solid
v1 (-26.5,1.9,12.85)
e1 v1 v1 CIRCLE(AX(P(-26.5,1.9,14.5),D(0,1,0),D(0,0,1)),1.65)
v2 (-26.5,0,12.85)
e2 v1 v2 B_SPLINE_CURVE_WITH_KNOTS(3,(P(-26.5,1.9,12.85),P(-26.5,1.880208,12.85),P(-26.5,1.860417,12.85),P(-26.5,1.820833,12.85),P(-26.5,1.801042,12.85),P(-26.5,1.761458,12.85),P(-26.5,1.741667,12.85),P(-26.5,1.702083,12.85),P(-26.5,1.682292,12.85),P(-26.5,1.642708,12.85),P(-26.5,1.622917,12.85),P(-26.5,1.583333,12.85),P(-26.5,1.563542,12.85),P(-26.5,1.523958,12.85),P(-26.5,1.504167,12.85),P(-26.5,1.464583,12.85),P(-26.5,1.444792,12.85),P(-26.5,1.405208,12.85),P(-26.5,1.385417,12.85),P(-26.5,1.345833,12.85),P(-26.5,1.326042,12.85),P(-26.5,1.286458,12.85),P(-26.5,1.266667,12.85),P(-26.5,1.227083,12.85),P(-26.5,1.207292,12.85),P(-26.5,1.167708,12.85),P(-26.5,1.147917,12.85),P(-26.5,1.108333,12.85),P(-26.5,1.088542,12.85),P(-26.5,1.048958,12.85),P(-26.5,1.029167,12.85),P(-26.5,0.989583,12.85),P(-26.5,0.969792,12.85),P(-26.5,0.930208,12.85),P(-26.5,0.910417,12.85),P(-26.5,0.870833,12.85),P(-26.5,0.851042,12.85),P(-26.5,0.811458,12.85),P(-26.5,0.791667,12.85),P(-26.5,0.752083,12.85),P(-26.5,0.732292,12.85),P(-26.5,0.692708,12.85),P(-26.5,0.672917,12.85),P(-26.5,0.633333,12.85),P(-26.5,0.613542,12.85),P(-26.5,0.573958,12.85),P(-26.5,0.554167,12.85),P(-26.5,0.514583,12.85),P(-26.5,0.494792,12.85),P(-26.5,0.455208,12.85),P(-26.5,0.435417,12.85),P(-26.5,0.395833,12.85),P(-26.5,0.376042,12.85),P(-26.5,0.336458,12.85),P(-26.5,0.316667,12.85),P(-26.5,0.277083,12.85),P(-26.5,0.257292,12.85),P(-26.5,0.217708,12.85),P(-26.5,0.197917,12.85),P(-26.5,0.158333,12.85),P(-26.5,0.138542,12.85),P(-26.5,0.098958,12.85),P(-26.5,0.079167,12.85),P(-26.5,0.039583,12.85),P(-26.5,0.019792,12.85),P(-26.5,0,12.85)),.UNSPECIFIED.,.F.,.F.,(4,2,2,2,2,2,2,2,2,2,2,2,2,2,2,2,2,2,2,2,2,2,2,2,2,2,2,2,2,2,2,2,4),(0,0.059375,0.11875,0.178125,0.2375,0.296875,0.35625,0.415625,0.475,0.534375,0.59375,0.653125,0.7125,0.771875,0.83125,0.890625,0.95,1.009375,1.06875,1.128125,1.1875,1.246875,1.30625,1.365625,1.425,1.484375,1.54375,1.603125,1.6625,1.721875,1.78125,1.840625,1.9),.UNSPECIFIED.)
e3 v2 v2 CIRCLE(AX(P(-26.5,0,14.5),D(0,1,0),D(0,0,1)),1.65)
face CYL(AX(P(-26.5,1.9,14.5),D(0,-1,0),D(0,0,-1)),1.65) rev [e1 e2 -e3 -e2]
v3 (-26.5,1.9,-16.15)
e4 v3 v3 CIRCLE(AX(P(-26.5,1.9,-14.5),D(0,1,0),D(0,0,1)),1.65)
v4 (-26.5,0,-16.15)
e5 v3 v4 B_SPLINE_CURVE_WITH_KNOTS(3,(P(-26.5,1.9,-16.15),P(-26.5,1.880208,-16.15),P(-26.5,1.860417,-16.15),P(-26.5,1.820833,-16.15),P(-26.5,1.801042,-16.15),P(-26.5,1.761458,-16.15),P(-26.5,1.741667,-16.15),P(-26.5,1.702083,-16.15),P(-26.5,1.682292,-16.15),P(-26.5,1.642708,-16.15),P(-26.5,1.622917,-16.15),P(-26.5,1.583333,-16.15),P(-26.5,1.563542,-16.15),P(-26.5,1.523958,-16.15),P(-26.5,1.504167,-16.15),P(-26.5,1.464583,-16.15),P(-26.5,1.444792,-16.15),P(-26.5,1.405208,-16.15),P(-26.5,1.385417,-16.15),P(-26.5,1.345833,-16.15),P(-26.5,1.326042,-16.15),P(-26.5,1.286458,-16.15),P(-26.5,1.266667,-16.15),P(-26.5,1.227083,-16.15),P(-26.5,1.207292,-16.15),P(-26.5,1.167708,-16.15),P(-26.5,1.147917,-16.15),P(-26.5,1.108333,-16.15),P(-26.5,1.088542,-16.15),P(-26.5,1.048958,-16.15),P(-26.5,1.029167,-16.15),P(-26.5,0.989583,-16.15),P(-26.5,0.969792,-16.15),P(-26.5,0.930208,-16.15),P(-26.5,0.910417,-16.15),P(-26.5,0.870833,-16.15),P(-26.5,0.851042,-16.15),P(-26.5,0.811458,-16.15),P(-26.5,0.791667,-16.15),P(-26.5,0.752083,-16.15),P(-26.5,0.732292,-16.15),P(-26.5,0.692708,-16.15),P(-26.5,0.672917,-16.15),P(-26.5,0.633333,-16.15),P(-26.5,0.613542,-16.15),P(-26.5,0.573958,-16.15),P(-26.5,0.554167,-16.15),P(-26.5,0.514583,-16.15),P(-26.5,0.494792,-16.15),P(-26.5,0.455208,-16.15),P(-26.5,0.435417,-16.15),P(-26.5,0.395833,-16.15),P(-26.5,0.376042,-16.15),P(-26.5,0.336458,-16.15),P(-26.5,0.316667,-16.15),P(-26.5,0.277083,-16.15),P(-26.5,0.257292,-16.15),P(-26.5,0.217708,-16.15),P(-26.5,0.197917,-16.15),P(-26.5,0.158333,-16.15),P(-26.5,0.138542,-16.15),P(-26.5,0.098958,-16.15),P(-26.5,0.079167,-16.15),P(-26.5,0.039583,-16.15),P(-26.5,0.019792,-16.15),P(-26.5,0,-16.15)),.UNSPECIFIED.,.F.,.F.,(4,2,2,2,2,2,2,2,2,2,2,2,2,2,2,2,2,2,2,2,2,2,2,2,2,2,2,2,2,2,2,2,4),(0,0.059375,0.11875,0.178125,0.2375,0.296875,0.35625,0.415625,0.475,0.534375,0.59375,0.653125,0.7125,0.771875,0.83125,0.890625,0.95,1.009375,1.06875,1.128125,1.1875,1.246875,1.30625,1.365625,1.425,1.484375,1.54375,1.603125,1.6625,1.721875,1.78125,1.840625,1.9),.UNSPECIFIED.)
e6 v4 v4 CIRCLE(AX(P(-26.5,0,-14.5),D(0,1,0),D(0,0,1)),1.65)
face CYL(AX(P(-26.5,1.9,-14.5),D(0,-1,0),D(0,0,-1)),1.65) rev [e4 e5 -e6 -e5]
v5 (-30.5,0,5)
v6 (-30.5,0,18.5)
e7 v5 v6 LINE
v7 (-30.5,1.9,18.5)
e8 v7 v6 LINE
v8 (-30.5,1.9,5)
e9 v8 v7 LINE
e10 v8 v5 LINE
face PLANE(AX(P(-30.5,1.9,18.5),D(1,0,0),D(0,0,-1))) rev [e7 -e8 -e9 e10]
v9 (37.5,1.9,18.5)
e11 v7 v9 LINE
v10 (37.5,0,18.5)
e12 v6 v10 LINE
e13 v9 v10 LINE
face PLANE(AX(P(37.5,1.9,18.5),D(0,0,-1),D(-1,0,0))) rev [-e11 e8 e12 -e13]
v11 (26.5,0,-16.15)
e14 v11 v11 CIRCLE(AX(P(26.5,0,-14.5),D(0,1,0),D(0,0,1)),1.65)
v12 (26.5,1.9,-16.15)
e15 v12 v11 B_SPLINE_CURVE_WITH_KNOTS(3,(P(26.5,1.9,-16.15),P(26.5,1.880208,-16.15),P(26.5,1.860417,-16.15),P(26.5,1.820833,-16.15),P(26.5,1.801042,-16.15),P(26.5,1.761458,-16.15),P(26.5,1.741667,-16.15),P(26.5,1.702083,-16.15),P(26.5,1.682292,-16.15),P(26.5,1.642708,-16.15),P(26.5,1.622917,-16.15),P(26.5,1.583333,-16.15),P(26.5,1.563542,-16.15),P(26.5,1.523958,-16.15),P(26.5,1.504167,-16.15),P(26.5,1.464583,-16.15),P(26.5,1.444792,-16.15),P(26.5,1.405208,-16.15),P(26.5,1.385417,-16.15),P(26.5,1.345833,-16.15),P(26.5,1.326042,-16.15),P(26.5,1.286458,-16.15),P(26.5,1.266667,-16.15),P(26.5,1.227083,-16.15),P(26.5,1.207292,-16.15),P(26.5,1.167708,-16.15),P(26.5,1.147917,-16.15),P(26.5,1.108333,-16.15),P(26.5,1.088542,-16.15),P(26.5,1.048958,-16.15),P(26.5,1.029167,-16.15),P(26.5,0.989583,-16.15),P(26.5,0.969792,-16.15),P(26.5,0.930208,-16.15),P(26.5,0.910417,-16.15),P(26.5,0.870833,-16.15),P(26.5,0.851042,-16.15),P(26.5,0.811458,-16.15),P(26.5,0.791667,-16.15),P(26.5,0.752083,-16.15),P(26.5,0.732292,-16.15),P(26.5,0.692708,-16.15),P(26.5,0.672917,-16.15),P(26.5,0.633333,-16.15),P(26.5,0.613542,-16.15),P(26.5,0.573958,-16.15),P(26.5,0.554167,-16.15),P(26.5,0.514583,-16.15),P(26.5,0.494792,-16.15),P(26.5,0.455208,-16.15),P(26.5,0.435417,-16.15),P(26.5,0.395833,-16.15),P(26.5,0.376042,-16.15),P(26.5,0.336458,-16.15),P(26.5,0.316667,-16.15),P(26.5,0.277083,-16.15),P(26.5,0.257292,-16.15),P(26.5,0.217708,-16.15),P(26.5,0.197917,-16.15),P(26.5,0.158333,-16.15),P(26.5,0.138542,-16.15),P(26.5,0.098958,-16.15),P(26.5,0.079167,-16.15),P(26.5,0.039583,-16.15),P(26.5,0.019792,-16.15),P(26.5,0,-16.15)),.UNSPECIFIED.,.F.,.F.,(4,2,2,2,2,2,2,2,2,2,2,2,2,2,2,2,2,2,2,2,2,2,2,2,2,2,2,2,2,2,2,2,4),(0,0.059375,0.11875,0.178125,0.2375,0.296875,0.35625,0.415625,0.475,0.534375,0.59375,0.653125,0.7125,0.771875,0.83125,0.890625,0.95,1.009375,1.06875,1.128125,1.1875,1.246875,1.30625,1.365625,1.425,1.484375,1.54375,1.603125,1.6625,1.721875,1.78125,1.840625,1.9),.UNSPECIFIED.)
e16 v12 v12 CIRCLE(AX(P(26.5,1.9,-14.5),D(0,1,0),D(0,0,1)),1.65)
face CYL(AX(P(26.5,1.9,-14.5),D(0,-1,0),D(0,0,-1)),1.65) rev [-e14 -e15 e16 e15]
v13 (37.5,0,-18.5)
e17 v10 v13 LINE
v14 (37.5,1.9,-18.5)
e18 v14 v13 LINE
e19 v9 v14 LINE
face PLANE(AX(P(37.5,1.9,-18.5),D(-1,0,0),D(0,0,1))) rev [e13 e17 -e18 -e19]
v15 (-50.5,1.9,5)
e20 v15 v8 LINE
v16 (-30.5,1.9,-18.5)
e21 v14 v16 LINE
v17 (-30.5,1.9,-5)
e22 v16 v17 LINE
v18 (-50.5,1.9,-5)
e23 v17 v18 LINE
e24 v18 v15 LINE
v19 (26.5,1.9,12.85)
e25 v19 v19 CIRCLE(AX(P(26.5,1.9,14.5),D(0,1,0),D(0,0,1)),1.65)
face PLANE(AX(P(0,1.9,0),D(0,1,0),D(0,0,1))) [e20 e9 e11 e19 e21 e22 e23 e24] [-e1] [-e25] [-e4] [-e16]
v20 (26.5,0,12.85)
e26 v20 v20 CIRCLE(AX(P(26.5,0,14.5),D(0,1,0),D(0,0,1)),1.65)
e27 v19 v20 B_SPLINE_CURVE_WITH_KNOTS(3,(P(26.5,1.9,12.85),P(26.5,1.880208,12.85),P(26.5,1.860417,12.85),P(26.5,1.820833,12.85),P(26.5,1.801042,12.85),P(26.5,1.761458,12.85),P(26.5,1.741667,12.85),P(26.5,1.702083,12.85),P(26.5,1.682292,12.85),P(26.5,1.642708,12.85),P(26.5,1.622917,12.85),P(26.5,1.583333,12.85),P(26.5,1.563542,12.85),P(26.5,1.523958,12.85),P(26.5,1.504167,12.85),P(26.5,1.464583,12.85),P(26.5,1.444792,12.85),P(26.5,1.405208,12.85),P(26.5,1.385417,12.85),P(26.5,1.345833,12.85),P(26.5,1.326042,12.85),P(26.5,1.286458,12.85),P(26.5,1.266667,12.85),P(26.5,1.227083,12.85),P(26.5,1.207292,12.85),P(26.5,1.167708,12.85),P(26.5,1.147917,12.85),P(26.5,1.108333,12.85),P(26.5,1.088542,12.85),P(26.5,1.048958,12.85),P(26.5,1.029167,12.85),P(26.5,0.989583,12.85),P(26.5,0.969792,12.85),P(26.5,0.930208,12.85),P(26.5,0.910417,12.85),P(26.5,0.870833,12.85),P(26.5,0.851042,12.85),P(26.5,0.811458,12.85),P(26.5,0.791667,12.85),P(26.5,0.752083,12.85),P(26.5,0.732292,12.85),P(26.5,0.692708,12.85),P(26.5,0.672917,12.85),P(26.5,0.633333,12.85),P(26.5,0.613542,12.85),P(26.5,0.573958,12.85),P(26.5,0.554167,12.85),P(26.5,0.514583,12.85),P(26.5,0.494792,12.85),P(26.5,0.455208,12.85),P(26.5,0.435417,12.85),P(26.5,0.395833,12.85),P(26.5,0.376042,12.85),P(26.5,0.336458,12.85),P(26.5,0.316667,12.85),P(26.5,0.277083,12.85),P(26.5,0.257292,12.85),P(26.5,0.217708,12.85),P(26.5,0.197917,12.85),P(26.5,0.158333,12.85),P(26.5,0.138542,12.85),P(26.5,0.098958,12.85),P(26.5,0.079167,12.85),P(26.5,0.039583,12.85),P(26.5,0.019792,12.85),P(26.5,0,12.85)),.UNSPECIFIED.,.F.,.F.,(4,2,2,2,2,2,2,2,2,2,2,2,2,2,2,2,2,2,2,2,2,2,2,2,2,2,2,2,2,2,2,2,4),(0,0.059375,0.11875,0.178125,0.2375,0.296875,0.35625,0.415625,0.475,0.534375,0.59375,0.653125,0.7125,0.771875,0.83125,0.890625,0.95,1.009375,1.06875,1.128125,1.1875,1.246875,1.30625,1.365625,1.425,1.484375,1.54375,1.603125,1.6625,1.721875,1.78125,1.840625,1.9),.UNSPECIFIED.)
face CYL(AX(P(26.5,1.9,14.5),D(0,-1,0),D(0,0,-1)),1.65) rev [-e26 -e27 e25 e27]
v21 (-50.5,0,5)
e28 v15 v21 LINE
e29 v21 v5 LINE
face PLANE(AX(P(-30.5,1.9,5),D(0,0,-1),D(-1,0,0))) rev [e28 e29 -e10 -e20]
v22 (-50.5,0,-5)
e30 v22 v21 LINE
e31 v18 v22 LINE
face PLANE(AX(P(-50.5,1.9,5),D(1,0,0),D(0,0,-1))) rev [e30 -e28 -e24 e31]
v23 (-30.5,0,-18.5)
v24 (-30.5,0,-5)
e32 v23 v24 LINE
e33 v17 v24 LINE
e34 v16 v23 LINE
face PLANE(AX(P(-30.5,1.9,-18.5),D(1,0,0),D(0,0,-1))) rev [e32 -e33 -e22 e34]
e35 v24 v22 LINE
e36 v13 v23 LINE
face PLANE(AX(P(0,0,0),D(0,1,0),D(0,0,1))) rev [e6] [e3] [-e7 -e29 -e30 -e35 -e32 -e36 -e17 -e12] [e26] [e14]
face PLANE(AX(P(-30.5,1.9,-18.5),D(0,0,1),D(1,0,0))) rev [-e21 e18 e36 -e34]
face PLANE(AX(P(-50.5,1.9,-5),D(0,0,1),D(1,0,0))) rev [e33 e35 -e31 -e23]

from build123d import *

# Parameters (mm, degrees)
SKETCH1_R           = 1.65
BOSS_EXTRUDE1_DEPTH = 1.9


with BuildPart() as part:
    # Sketch1 → Boss-Extrude1 (new body)
    with BuildSketch(Plane(origin=(0, 0, 0), x_dir=(1, 0, 0), z_dir=(0, 1, 0))):
        Polygon((-30.5, 18.5), (30.5, 18.5), (37.5, 18.5), (37.5, -18.5), (30.5, -18.5), (-30.5, -18.5), (-30.5, -5), (-50.5, -5), (-50.5, 5), (-30.5, 5), align=None)
        with Locations(Location((-26.5, 14.5, 0), (0, 0, 90))):
            Circle(SKETCH1_R, mode=Mode.SUBTRACT)
        with Locations(Location((26.5, 14.5, 0), (0, 0, 90))):
            Circle(SKETCH1_R, mode=Mode.SUBTRACT)
        with Locations(Location((26.5, -14.5, 0), (0, 0, 90))):
            Circle(SKETCH1_R, mode=Mode.SUBTRACT)
        with Locations(Location((-26.5, -14.5, 0), (0, 0, 90))):
            Circle(SKETCH1_R, mode=Mode.SUBTRACT)
    extrude(amount=BOSS_EXTRUDE1_DEPTH)


solid = part.part
